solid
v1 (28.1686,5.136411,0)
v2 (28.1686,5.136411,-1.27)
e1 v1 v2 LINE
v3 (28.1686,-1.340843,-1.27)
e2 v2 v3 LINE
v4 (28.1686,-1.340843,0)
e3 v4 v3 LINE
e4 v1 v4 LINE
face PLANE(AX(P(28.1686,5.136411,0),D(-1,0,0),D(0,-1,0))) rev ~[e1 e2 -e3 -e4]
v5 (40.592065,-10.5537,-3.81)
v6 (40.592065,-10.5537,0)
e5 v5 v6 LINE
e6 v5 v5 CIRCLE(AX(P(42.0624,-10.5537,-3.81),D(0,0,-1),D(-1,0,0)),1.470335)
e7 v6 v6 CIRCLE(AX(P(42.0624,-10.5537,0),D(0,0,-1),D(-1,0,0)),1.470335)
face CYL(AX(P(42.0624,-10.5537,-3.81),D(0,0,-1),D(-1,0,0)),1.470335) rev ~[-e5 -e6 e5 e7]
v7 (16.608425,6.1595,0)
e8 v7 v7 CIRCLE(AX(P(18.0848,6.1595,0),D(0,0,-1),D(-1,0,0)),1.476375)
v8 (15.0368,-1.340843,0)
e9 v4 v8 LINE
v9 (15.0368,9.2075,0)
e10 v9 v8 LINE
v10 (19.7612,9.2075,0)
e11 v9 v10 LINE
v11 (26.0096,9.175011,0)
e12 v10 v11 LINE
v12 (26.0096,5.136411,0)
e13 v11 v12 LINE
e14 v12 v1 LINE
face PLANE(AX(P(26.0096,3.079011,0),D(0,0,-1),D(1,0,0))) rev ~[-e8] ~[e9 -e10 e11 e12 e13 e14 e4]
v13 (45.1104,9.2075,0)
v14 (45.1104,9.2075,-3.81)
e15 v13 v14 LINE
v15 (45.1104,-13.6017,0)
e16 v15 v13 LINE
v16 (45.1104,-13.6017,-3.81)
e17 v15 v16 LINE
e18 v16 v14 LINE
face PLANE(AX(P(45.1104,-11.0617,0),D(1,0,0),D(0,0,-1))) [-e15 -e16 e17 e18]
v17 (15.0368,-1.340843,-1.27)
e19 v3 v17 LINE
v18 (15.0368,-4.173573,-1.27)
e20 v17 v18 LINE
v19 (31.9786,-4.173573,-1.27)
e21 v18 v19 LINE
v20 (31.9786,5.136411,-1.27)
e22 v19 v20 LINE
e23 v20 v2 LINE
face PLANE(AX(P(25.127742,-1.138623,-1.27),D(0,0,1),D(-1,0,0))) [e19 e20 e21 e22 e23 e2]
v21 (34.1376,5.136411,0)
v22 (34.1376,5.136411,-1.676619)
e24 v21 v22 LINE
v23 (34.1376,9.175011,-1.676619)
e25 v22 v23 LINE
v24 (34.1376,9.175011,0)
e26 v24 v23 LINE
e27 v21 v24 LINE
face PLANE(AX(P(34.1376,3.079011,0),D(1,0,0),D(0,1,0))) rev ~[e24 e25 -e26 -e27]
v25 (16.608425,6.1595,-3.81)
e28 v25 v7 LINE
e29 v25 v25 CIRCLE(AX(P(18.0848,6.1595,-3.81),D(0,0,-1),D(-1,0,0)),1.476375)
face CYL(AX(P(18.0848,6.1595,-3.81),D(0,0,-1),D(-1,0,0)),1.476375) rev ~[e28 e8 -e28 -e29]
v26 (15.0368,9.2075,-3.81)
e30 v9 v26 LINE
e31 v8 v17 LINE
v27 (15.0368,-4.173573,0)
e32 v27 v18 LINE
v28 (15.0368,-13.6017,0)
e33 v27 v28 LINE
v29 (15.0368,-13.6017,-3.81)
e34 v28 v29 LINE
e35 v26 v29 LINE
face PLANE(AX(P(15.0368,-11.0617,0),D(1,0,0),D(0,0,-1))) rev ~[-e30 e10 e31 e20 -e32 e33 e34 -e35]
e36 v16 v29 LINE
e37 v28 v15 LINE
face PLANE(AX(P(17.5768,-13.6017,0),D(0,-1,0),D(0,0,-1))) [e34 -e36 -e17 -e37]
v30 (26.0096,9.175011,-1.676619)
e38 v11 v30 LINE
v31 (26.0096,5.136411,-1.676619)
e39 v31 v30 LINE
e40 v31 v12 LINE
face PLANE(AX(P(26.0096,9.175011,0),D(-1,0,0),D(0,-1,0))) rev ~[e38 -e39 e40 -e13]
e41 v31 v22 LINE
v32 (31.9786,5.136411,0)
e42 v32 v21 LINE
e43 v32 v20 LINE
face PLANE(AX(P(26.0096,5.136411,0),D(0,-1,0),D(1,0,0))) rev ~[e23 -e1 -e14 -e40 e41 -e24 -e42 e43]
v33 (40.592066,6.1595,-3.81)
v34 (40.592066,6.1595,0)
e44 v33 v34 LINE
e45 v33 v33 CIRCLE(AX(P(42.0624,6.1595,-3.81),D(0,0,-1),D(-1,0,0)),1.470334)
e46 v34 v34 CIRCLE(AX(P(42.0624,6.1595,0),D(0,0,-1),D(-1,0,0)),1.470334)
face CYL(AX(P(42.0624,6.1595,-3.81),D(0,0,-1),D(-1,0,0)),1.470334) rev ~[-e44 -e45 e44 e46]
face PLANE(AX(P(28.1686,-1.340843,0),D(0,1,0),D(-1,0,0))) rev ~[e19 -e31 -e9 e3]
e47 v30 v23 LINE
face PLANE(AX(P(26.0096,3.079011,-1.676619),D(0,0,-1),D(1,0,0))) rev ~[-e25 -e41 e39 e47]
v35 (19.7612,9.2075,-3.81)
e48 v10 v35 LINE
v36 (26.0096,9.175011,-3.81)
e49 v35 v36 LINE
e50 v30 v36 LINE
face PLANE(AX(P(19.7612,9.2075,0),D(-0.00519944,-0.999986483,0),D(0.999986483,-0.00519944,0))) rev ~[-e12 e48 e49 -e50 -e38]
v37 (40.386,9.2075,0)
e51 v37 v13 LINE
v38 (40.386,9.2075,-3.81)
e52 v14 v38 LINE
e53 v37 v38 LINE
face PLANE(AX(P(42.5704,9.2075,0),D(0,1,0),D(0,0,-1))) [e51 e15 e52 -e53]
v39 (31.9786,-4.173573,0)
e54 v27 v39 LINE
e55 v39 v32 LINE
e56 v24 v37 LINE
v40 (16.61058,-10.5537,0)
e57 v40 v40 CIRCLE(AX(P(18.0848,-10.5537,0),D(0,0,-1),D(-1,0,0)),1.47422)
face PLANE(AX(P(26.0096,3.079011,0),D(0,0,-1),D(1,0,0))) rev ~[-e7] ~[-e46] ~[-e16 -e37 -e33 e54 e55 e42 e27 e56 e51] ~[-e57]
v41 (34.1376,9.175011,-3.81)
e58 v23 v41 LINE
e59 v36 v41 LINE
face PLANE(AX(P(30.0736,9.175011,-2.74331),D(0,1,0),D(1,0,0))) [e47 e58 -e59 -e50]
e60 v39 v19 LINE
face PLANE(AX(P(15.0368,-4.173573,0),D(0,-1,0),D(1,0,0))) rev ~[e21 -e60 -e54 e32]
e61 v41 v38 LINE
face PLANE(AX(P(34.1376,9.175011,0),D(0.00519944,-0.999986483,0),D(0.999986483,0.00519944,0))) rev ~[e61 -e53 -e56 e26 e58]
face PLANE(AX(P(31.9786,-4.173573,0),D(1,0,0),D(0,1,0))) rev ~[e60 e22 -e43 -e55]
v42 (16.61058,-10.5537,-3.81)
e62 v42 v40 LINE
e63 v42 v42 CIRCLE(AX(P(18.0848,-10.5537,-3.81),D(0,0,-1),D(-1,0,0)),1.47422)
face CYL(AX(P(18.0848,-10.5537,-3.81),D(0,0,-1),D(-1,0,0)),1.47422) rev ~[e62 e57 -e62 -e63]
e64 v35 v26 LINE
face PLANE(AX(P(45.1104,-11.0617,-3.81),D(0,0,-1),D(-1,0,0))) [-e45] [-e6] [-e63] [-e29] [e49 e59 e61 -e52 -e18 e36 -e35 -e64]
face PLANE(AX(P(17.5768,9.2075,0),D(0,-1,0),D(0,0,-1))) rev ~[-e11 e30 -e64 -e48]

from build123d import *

# Parameters (mm, degrees)
F1_DEPTH   = 3.81
F2_W       = 8.128
F2_H       = 1.905
F1_FACE1_W = 20.6248
F1_FACE1_H = 3.81
F3_DEPTH   = 1.8542
F4_DEPTH   = 2.1844
F5_DEPTH   = 2.1844
F6_W       = 8.128
F6_H       = 2.1333807143
F7_DEPTH   = 6.096
F8_DEPTH   = 2.54
F9_DEPTH   = 2.54
F10_DEPTH  = 2.54
F11_DEPTH  = 6.096
F12_R      = 1.4742196791
F12_R_2    = 1.4703350309
F12_R_3    = 1.4763746717
F12_R_4    = 1.4703336231
F13_DEPTH  = 25.4
F16_DEPTH  = 2.0574
F18_DEPTH  = 1.27
F19_ANGLE  = -180


with BuildPart() as f1:
    # F0 (on Top) → F1 (new body)
    with BuildSketch(Plane.XY):
        Polygon((-10.3124, -9.2075), (10.3124, -9.2075), (10.3124, 9.2075), (4.064, 9.1750113802), (4.064, 3.0790113802), (-4.064, 3.0790113802), (-4.064, 9.1750113802), (-10.3124, 9.2075), align=None)
    extrude(amount=F1_DEPTH)

    # F2 (on face) + F1_face1 (on face) → F3 (join)
    with BuildSketch(Plane(origin=(0, 3.0790113802, 0), x_dir=(-1, 0, 0), z_dir=(0, 1, 0))):
        with Locations((0, 2.8575)):
            Rectangle(F2_W, F2_H)
    with BuildSketch(Plane(origin=(0, -9.2075, 1.905), x_dir=(1, 0, 0), z_dir=(0, -1, 0))):
        Rectangle(F1_FACE1_W, F1_FACE1_H)
    extrude(amount=-F3_DEPTH, dir=(0, 1, 0))

    # F4 (add): a face of the model
    f4_faces = [f1.faces().sort_by_distance(p)[0] for p in [
        (-10.3124, -0.9271, 1.905),
    ]]
    extrude(f4_faces, amount=F4_DEPTH)

    # F5 (add): a face of the model
    f5_faces = [f1.faces().sort_by_distance(p)[0] for p in [
        (10.3124, -0.9271, 1.905),
    ]]
    extrude(f5_faces, amount=F5_DEPTH)

    # F6 (on face) → F7 (join)
    with BuildSketch(Plane(origin=(0, 3.0790113802, 0), x_dir=(-1, 0, 0), z_dir=(0, 1, 0))):
        with Locations((0, 2.7433096429)):
            Rectangle(F6_W, F6_H)
    extrude(amount=F7_DEPTH)

    # F8 (add): a face of the model
    f8_faces = [f1.faces().sort_by_distance(p)[0] for p in [
        (-12.4968, -0.9271, 1.905),
    ]]
    extrude(f8_faces, amount=F8_DEPTH)

    # F9 (add): a face of the model
    f9_faces = [f1.faces().sort_by_distance(p)[0] for p in [
        (12.4968, -0.9271, 1.905),
    ]]
    extrude(f9_faces, amount=F9_DEPTH)

    # F10 (add): a face of the model
    f10_faces = [f1.faces().sort_by_distance(p)[0] for p in [
        (0, -11.0617, 1.905),
    ]]
    extrude(f10_faces, amount=F10_DEPTH)

    # F11 (cut): a face of the model
    f11_faces = [f1.faces().sort_by_distance(p)[0] for p in [
        (0, 3.0790113802, 0.8383096429),
    ]]
    extrude(f11_faces, amount=F11_DEPTH, mode=Mode.SUBTRACT)

    # F12 (on face) → F13 (cut)
    with BuildSketch(Plane.XY.offset(3.81)):
        with Locations((11.9888, -10.5537)):
            Circle(F12_R)
        with Locations((-11.9888, -10.5537)):
            Circle(F12_R_2)
        with Locations((11.9888, 6.1595)):
            Circle(F12_R_3)
        with Locations((-11.9888, 6.1595)):
            Circle(F12_R_4)
    extrude(amount=-F13_DEPTH, mode=Mode.SUBTRACT)


with BuildPart() as f14_1:
    # F14: copy of F1
    add(f1.part.moved(Location((0, -28.956, 0))))


with BuildPart() as f1_1:
    add(f1.part)

    # F16 (add): a face of the model
    f16_faces = [f1_1.faces().sort_by_distance(p)[0] for p in [
        (0, 3.0790113802, 0.8383096429),
    ]]
    extrude(f16_faces, amount=F16_DEPTH)

    # F17 (on face) → F18 (cut)
    with BuildSketch(Plane(origin=(0, 0, 0), x_dir=(1, 0, 0), z_dir=(0, 0, -1))):
        Polygon((-1.905, -5.1364113802), (1.905, -5.1364113802), (1.905, 1.340843155), (15.0368, 1.340843155), (15.0368, 4.1735726409), (-1.905, 4.1735726409), align=None)
    extrude(amount=-F18_DEPTH, mode=Mode.SUBTRACT)


with BuildPart() as f1_2:
    # F19: moved
    add(f1_1.part.rotate(Axis((15.0368, -8.8876363204, 0), (0, -1, 0)), F19_ANGLE))


solid = f1_2.part
